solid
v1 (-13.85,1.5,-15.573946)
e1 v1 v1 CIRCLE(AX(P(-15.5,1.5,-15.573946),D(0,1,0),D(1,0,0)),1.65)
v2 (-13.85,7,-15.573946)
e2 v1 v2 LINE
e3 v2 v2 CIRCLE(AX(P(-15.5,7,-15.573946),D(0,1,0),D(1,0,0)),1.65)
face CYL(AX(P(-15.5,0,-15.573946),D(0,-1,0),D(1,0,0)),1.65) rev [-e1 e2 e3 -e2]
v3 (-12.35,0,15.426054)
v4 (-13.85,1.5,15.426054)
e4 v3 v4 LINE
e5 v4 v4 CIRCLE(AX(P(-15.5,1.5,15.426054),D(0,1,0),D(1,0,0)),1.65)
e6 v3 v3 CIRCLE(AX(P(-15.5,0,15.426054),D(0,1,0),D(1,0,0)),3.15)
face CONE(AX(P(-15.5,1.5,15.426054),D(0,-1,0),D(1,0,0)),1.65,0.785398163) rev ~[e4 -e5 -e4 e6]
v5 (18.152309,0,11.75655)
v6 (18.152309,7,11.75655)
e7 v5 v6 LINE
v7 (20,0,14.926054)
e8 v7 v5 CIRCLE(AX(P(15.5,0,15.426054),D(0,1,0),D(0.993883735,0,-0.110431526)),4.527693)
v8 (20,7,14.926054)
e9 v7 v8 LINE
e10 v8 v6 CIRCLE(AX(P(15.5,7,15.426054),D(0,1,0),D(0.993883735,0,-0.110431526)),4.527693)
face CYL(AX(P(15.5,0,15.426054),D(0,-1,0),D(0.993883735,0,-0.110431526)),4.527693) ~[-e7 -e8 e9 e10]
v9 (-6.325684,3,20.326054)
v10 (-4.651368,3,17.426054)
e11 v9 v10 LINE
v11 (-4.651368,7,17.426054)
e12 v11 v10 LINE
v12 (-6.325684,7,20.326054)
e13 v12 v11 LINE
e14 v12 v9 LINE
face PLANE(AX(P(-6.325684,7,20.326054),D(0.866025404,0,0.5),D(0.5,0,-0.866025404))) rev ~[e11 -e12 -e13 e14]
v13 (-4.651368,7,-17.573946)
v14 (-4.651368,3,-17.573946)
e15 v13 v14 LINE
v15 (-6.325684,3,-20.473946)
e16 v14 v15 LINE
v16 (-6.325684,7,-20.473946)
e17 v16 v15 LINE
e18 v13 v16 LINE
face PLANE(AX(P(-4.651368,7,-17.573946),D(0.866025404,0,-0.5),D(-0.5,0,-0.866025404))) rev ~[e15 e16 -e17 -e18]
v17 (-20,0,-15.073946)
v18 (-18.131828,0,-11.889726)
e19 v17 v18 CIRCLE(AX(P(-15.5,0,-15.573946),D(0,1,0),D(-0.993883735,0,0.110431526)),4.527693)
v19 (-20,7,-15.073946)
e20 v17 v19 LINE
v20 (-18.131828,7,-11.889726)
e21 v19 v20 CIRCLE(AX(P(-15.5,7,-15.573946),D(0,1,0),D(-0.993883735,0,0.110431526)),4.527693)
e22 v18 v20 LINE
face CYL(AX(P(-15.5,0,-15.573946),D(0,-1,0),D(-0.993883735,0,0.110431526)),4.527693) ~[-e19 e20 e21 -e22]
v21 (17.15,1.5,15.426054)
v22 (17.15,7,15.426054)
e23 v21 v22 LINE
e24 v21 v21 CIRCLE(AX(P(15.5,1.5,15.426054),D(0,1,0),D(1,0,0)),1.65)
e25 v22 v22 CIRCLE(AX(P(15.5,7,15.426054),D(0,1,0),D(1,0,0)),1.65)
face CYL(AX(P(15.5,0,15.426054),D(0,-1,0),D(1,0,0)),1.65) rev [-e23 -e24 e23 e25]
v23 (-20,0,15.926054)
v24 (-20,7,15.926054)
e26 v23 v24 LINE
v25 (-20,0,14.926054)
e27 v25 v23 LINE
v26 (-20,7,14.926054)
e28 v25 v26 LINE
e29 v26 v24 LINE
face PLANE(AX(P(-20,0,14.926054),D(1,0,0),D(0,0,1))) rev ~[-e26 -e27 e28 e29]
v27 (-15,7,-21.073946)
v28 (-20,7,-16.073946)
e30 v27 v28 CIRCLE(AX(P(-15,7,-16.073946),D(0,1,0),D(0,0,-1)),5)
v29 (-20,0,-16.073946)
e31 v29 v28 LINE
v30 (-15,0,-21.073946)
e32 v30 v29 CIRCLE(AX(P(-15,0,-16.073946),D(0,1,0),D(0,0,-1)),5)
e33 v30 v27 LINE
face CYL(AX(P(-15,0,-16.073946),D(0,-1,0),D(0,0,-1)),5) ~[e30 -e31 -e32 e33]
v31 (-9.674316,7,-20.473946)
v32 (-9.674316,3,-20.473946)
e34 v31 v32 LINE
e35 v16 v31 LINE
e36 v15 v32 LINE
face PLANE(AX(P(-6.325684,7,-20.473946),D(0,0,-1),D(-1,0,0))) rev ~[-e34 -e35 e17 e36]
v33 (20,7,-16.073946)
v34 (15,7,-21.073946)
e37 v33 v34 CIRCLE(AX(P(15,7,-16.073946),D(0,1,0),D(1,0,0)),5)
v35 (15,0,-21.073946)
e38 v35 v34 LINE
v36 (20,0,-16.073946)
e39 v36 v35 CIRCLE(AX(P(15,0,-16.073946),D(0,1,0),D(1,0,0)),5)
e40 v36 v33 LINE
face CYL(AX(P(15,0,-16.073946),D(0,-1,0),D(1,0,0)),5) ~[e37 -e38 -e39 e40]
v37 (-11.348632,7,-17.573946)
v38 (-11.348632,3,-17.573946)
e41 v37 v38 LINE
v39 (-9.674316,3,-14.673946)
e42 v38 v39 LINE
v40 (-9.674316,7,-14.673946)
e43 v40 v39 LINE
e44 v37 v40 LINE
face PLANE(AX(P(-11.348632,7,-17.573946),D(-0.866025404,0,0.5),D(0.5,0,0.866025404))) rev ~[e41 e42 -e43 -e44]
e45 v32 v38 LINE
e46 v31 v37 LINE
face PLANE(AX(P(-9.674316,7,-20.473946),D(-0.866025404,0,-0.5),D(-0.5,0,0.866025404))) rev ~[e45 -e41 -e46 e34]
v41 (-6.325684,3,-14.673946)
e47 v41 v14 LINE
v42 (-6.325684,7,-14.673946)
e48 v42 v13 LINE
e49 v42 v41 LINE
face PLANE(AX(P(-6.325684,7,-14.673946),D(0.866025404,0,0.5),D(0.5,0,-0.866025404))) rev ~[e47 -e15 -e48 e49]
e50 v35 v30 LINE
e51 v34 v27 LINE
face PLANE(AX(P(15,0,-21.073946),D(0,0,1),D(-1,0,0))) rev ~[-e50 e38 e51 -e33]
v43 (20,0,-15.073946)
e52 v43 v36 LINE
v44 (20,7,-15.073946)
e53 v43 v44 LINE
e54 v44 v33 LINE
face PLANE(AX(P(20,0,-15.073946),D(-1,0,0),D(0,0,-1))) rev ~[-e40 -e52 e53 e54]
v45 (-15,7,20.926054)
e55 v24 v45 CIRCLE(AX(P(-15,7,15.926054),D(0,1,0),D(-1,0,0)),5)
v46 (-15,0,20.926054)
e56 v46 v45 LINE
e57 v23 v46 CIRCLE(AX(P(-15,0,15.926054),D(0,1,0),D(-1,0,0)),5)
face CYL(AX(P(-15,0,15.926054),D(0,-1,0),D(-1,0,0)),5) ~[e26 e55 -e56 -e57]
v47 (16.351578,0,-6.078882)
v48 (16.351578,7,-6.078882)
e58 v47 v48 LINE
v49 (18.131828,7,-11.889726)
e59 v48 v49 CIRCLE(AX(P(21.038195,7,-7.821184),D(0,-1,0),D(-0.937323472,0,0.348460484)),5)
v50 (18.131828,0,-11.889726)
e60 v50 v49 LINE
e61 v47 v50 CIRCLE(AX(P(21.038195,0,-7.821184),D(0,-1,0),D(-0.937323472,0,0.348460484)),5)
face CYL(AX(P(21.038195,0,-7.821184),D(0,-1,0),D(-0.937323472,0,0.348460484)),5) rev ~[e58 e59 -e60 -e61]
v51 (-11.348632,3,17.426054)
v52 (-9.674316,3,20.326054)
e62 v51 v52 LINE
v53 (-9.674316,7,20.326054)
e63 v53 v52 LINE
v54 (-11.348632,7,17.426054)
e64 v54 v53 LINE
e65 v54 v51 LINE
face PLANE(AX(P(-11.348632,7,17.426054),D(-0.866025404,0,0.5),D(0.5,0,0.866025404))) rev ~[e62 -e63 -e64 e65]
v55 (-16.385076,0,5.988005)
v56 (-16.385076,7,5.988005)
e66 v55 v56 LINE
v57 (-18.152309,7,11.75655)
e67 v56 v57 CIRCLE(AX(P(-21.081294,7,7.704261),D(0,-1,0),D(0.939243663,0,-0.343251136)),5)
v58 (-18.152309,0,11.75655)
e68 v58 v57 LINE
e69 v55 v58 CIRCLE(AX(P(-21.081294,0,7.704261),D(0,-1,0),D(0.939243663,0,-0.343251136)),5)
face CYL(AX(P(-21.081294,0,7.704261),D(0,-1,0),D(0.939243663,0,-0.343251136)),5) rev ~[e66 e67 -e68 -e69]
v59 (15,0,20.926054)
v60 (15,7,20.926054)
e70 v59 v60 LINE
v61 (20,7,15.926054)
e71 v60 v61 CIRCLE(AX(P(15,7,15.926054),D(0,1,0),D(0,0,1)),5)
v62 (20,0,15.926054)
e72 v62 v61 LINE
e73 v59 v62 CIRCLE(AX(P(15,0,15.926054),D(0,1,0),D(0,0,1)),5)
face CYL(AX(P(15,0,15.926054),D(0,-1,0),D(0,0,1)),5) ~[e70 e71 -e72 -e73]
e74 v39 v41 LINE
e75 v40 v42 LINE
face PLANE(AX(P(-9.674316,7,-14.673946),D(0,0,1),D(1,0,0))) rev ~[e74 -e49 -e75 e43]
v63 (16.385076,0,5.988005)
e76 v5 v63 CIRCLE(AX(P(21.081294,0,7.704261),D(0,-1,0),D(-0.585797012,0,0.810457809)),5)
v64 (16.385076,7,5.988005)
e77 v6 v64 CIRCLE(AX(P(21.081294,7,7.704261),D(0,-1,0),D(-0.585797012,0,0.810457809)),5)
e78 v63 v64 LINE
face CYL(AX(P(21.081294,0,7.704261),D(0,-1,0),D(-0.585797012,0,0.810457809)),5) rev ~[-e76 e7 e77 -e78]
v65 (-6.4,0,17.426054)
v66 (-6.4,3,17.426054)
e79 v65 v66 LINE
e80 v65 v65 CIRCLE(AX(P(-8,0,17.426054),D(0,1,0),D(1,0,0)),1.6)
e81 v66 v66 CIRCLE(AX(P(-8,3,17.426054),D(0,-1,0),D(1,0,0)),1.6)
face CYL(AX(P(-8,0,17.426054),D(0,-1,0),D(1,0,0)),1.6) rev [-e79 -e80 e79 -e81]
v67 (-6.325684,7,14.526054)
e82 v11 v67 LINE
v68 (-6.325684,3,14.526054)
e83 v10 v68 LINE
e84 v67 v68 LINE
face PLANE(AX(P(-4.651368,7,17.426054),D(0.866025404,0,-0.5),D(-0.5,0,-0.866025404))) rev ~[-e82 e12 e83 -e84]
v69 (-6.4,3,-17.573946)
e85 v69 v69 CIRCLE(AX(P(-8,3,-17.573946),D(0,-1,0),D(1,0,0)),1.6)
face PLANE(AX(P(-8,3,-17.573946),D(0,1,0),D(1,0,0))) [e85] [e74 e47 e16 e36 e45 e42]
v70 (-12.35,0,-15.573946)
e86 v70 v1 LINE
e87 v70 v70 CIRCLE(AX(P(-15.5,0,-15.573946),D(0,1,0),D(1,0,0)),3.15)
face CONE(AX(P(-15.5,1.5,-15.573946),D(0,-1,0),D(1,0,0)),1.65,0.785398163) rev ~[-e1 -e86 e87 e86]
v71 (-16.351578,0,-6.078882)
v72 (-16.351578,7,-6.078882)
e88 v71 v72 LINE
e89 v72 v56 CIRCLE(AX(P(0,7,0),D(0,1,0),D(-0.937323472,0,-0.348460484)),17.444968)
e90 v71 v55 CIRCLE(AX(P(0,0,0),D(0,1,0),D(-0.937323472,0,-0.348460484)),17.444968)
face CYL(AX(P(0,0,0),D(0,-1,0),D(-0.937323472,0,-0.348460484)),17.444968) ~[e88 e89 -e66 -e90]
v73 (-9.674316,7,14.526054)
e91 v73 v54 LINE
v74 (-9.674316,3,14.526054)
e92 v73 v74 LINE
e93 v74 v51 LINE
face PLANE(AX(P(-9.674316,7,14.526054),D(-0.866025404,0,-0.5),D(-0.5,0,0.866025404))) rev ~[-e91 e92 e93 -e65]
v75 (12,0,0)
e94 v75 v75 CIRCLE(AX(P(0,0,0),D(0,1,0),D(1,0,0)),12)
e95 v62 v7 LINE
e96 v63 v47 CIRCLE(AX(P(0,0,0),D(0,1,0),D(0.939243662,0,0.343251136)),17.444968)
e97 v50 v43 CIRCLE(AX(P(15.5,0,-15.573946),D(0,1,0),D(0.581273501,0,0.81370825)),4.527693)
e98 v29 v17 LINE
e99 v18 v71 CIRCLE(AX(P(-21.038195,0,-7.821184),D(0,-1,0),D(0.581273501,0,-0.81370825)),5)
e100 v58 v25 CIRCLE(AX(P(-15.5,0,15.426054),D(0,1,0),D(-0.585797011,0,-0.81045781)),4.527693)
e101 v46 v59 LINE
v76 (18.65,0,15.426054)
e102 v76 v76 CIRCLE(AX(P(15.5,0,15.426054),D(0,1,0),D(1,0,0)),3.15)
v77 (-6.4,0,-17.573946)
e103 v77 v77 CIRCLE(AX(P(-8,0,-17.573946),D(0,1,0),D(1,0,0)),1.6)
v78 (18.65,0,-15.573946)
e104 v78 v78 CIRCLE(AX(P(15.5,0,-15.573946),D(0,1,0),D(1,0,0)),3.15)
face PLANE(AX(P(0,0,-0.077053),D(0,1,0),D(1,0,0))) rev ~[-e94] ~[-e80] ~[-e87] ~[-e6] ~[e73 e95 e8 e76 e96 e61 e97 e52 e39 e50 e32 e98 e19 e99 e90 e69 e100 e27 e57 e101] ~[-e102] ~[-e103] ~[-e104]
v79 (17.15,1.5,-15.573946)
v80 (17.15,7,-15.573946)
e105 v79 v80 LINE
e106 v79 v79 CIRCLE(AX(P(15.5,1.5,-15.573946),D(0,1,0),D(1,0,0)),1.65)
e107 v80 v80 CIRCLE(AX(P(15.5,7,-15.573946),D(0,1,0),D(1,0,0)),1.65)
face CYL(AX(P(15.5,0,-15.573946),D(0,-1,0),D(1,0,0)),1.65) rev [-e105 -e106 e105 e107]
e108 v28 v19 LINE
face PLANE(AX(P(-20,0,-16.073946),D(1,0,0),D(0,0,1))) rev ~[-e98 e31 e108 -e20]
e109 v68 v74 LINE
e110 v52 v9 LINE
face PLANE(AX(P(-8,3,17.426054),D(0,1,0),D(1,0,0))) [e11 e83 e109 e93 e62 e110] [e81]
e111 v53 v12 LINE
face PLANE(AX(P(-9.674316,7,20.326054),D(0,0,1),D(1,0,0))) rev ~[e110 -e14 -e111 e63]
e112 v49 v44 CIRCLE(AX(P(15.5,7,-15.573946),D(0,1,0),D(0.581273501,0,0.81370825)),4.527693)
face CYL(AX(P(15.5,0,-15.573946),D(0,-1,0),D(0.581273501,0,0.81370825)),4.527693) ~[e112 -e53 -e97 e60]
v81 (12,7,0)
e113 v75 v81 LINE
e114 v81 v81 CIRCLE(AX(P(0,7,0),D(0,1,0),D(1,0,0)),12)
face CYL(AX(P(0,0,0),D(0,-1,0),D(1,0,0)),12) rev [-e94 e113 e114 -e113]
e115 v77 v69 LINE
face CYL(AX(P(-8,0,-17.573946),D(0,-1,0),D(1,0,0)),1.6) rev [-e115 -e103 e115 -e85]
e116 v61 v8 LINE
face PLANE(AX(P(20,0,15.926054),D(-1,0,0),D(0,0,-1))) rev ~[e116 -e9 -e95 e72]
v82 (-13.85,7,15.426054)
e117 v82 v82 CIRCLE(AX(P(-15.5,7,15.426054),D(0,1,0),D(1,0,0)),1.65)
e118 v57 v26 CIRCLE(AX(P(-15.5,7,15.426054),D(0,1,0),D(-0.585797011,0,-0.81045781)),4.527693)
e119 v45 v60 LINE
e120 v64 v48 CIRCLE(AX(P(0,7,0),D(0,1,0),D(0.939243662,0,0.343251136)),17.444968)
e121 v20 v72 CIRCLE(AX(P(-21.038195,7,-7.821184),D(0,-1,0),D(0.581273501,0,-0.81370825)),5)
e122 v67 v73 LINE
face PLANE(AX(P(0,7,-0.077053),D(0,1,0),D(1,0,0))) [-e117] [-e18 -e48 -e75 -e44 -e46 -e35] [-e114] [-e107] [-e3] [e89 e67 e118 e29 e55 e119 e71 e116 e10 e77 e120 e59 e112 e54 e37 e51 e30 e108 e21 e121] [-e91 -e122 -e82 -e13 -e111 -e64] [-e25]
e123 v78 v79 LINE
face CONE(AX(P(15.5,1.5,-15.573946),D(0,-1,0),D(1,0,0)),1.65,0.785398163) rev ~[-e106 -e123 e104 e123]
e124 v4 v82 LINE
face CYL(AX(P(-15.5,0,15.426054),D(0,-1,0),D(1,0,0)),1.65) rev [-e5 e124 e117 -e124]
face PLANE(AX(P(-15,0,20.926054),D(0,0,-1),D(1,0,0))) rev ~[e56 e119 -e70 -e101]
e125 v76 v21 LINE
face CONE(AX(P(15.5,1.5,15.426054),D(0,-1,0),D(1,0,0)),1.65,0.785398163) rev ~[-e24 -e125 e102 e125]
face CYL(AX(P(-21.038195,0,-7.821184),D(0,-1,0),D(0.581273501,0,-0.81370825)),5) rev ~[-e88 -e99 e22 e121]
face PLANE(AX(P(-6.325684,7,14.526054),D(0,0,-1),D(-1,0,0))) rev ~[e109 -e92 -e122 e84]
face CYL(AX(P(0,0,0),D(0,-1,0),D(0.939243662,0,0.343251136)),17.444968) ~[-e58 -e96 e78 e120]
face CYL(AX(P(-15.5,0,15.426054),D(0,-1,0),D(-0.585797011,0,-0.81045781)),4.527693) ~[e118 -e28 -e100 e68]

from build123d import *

# Parameters (mm, degrees)
SKETCH_1_R          = 1.65
SKETCH_1_R_2        = 1.6
SKETCH_1_R_3        = 12
EXTRUDE_2_DEPTH     = 7
CUT_EXTRUDE_1_DEPTH = 4
CHAMFER_1_SIZE      = 1.5


with BuildPart() as part:
    # Эскиз1 → Бобышка-Вытянуть2 (new body)
    with BuildSketch(Plane(origin=(0, 0, 0), x_dir=(1, 0, 0), z_dir=(0, 1, 0))):
        with BuildLine():
            ThreePointArc((-18.152308777, -11.756549774), (-19.411562194, -13.145772627), (-20, -14.926053575))
            Line((-20, -14.926053575), (-20, -15.926053575))
            ThreePointArc((-20, -15.926053575), (-18.535533906, -19.461587481), (-15, -20.926053575))
            Line((-15, -20.926053575), (15, -20.926053575))
            ThreePointArc((15, -20.926053575), (18.535533906, -19.461587481), (20, -15.926053575))
            Line((20, -15.926053575), (20, -14.926053575))
            ThreePointArc((20, -14.926053575), (19.411562194, -13.145772627), (18.152308777, -11.756549774))
            ThreePointArc((18.152308777, -11.756549774), (16.300607831, -9.168856683), (16.385075524, -5.988005046))
            ThreePointArc((16.385075524, -5.988005046), (17.444900664, 0.048427023), (16.351577861, 6.078881955))
            ThreePointArc((16.351577861, 6.078881955), (16.257522585, 9.285823976), (18.131827713, 11.889725627))
            ThreePointArc((18.131827713, 11.889725627), (19.405196174, 13.282780162), (20, 15.073946425))
            Line((20, 15.073946425), (20, 16.073946425))
            ThreePointArc((20, 16.073946425), (18.535533906, 19.609480331), (15, 21.073946425))
            Line((15, 21.073946425), (-15, 21.073946425))
            ThreePointArc((-15, 21.073946425), (-18.535533906, 19.609480331), (-20, 16.073946425))
            Line((-20, 16.073946425), (-20, 15.073946425))
            ThreePointArc((-20, 15.073946425), (-19.405196174, 13.282780162), (-18.131827713, 11.889725627))
            ThreePointArc((-18.131827713, 11.889725627), (-16.257522585, 9.285823976), (-16.351577861, 6.078881955))
            ThreePointArc((-16.351577861, 6.078881955), (-17.444900664, 0.048427023), (-16.385075524, -5.988005046))
            ThreePointArc((-16.385075524, -5.988005046), (-16.300607831, -9.168856683), (-18.152308777, -11.756549774))
        make_face()
        with Locations((-15.5, -15.426053575)):
            Circle(SKETCH_1_R, mode=Mode.SUBTRACT)
        with Locations((-8, -17.426053575)):
            Circle(SKETCH_1_R_2, mode=Mode.SUBTRACT)
        with Locations((15.5, -15.426053575)):
            Circle(SKETCH_1_R, mode=Mode.SUBTRACT)
        Circle(SKETCH_1_R_3, mode=Mode.SUBTRACT)
        with Locations((-15.5, 15.573946425)):
            Circle(SKETCH_1_R, mode=Mode.SUBTRACT)
        with Locations((-8, 17.573946425)):
            Circle(SKETCH_1_R_2, mode=Mode.SUBTRACT)
        with Locations((15.5, 15.573946425)):
            Circle(SKETCH_1_R, mode=Mode.SUBTRACT)
    extrude(amount=EXTRUDE_2_DEPTH)

    # Эскиз2 → Вырез-Вытянуть1 (cut)
    with BuildSketch(Plane(origin=(0, 7, 0), x_dir=(1, 0, 0), z_dir=(0, 1, 0))):
        Polygon((-11.348631561, 17.573946425), (-9.674315781, 14.673946425), (-6.325684219, 14.673946425), (-4.651368439, 17.573946425), (-6.325684219, 20.473946425), (-9.674315781, 20.473946425), align=None)
        Polygon((-4.651368439, -17.426053575), (-6.325684219, -14.526053575), (-9.674315781, -14.526053575), (-11.348631561, -17.426053575), (-9.674315781, -20.326053575), (-6.325684219, -20.326053575), align=None)
    extrude(amount=-CUT_EXTRUDE_1_DEPTH, mode=Mode.SUBTRACT)

    # Фаска1
    chamfer_1_edges = [part.edges().sort_by_distance(p)[0] for p in [
        (-17.15, 0, 15.426053575),
        (13.85, 0, 15.426053575),
        (13.85, 0, -15.573946425),
        (-17.15, 0, -15.573946425),
    ]]
    chamfer(chamfer_1_edges, length=CHAMFER_1_SIZE)


solid = part.part
